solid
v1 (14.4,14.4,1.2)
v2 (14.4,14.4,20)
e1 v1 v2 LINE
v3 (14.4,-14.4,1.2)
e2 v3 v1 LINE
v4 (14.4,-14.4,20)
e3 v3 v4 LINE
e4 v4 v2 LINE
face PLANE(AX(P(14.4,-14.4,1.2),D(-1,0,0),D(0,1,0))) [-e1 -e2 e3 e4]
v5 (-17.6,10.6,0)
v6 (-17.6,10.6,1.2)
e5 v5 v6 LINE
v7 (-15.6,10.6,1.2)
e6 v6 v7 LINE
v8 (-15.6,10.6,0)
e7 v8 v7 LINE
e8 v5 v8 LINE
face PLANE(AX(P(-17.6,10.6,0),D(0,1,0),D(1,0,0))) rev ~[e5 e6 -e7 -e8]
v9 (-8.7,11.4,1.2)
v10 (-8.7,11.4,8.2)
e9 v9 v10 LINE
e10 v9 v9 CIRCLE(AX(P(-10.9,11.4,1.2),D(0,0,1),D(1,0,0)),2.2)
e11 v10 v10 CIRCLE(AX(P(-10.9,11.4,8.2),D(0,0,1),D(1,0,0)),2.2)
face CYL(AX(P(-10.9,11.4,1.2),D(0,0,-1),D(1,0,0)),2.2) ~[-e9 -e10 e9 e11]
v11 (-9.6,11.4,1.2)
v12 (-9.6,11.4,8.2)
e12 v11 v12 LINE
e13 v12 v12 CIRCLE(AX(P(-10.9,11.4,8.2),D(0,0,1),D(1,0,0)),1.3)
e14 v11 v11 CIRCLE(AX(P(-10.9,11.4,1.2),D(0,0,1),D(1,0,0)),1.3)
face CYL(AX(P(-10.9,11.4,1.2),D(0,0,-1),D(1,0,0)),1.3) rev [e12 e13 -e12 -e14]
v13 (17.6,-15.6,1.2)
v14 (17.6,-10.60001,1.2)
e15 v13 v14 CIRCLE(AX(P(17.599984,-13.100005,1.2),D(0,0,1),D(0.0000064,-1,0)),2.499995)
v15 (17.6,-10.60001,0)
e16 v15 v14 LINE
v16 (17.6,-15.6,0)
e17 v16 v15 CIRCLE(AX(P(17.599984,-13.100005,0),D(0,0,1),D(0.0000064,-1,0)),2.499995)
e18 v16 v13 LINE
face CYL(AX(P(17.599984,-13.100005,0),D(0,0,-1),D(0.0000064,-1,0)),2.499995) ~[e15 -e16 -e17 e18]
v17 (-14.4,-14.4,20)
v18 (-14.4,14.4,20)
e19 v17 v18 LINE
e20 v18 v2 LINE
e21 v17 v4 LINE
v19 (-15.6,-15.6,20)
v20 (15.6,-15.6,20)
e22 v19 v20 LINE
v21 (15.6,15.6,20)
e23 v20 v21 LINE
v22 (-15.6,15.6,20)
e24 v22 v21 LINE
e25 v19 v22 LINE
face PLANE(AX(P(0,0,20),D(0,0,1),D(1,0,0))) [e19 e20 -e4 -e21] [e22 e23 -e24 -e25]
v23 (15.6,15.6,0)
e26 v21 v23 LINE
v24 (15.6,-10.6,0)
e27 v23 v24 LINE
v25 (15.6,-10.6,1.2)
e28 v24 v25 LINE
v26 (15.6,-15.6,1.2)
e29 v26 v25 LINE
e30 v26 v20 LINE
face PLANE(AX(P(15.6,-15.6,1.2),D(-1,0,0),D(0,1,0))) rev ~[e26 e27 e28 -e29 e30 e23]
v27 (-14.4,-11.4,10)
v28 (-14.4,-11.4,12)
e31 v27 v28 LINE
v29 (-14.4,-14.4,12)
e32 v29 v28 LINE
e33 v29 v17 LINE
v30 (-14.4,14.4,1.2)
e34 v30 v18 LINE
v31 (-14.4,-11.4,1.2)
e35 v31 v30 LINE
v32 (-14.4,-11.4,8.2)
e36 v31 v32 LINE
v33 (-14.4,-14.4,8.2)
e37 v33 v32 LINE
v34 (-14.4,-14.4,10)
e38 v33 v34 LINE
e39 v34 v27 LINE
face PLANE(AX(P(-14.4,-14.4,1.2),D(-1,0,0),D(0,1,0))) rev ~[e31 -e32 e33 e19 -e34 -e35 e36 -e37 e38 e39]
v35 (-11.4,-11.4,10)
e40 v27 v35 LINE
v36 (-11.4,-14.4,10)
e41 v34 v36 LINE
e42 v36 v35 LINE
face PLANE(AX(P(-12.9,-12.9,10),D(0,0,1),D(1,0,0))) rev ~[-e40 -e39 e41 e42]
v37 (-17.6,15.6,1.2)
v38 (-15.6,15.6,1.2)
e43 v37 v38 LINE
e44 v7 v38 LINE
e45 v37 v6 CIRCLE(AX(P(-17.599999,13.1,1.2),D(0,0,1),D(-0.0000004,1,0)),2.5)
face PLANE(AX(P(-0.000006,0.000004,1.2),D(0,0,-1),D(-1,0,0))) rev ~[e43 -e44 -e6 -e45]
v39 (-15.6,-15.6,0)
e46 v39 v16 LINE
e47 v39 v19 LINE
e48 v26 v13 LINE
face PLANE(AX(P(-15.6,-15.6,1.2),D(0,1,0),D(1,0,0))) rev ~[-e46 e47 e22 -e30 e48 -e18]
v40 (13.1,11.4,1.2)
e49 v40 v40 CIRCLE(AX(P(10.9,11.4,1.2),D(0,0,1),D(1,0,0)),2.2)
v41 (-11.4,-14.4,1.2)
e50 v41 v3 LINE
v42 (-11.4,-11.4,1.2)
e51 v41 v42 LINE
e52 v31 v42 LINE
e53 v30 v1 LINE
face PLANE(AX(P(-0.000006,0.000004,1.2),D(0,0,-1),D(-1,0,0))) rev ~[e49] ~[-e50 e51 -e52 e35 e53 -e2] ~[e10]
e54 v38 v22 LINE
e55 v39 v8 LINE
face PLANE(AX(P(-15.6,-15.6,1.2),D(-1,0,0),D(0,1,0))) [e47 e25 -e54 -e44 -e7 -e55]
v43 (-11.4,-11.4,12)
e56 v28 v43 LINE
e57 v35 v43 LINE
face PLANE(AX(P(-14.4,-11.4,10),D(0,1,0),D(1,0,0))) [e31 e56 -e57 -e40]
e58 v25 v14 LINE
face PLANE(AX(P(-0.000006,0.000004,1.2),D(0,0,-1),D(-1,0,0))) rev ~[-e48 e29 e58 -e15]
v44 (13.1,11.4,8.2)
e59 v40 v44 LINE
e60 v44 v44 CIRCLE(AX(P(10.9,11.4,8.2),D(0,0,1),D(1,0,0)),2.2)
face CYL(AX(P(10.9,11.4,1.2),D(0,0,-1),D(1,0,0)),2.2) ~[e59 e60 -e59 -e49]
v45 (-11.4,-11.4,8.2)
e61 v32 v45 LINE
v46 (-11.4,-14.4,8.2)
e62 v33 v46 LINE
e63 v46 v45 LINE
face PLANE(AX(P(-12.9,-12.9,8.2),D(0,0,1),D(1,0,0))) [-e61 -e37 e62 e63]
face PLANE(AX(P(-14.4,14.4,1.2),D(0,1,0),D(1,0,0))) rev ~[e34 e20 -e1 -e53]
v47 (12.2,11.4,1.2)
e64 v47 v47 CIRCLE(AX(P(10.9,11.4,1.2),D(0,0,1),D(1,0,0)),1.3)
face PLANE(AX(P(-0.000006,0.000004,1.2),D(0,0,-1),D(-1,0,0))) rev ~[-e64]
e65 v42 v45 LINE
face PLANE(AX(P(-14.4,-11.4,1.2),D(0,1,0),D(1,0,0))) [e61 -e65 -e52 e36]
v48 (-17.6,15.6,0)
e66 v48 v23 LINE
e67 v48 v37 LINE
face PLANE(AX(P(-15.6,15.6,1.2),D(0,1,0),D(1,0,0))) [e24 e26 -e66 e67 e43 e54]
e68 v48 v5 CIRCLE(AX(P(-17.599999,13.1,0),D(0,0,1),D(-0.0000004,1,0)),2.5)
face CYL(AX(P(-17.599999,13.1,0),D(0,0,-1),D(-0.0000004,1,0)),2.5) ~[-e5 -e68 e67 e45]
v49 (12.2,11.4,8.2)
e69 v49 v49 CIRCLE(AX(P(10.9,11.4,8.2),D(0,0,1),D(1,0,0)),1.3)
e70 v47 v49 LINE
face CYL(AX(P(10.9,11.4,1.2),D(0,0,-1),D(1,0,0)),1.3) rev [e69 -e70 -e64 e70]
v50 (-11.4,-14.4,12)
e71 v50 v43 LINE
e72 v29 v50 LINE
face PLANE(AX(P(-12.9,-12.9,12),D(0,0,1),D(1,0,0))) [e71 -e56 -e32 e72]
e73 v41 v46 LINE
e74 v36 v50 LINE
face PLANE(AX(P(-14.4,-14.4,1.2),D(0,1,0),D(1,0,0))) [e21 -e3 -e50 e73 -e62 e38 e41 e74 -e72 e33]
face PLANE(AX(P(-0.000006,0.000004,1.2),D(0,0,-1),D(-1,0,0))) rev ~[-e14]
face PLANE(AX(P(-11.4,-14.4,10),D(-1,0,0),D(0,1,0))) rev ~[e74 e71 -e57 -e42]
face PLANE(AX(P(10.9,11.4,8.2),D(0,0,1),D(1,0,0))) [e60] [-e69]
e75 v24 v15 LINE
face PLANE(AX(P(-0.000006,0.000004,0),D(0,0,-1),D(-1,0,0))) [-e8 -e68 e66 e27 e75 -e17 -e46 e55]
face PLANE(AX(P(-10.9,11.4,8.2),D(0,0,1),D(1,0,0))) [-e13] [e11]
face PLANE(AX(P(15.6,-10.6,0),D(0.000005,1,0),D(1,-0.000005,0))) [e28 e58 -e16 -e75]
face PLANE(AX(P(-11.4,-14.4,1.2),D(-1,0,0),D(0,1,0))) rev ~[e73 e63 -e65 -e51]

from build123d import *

# Parameters (mm, degrees)
SKETCH002_R   = 2.2
SKETCH002_R_2 = 1.3
SKETCH002_W   = 3
SKETCH002_H   = 3
PAD_DEPTH     = 7
SKETCH_W      = 31.2
SKETCH_H      = 31.2
SKETCH_W_2    = 28.8
SKETCH_H_2    = 28.8
PAD002_DEPTH  = 18.8
SKETCH003_W   = 3
SKETCH003_H   = 3
PAD003_DEPTH  = 2
PAD001_DEPTH  = 1.2


with BuildPart() as pad:
    # Sketch002 → Pad (new body)
    with BuildSketch(Plane.XY.offset(1.2)):
        with Locations((-10.9, 11.4)):
            Circle(SKETCH002_R)
        with Locations((-10.9, 11.4)):
            Circle(SKETCH002_R_2, mode=Mode.SUBTRACT)
        with Locations((10.9, 11.4)):
            Circle(SKETCH002_R)
        with Locations((10.9, 11.4)):
            Circle(SKETCH002_R_2, mode=Mode.SUBTRACT)
        with Locations((-12.9, -12.9)):
            Rectangle(SKETCH002_W, SKETCH002_H)
    extrude(amount=PAD_DEPTH)


with BuildPart() as pad002:
    # Sketch → Pad002 (new body)
    with BuildSketch(Plane.XY.offset(1.2)):
        Rectangle(SKETCH_W, SKETCH_H)
        Rectangle(SKETCH_W_2, SKETCH_H_2, mode=Mode.SUBTRACT)
    extrude(amount=PAD002_DEPTH)


with BuildPart() as pad003:
    # Sketch003 → Pad003 (new body)
    with BuildSketch(Plane.XY.offset(10)):
        with Locations((-12.9, -12.9)):
            Rectangle(SKETCH003_W, SKETCH003_H)
    extrude(amount=PAD003_DEPTH)


with BuildPart() as fusion:
    # Sketch001 → Pad001 (new body)
    with BuildSketch(Plane.XY):
        with BuildLine():
            Line((-15.6, 15.6), (15.6, 15.6))
            Line((15.6, 15.6), (15.6, -10.6))
            Line((15.6, -10.6), (17.6, -10.60001))
            ThreePointArc((17.6, -15.6), (20.099979, -13.100005), (17.6, -10.60001))
            Line((15.6, -15.6), (17.6, -15.6))
            Line((15.6, -15.6), (-15.6, -15.6))
            Line((-15.6, -15.6), (-15.6, 10.6))
            Line((-17.6, 10.6), (-15.6, 10.6))
            ThreePointArc((-17.6, 15.6), (-20.099999, 13.1), (-17.6, 10.6))
            Line((-17.6, 15.6), (-15.6, 15.6))
        make_face()
    extrude(amount=PAD001_DEPTH)

    # Fusion: union Pad, Pad002, Pad003
    add(pad.part)
    add(pad002.part)
    add(pad003.part)


solid = fusion.part
